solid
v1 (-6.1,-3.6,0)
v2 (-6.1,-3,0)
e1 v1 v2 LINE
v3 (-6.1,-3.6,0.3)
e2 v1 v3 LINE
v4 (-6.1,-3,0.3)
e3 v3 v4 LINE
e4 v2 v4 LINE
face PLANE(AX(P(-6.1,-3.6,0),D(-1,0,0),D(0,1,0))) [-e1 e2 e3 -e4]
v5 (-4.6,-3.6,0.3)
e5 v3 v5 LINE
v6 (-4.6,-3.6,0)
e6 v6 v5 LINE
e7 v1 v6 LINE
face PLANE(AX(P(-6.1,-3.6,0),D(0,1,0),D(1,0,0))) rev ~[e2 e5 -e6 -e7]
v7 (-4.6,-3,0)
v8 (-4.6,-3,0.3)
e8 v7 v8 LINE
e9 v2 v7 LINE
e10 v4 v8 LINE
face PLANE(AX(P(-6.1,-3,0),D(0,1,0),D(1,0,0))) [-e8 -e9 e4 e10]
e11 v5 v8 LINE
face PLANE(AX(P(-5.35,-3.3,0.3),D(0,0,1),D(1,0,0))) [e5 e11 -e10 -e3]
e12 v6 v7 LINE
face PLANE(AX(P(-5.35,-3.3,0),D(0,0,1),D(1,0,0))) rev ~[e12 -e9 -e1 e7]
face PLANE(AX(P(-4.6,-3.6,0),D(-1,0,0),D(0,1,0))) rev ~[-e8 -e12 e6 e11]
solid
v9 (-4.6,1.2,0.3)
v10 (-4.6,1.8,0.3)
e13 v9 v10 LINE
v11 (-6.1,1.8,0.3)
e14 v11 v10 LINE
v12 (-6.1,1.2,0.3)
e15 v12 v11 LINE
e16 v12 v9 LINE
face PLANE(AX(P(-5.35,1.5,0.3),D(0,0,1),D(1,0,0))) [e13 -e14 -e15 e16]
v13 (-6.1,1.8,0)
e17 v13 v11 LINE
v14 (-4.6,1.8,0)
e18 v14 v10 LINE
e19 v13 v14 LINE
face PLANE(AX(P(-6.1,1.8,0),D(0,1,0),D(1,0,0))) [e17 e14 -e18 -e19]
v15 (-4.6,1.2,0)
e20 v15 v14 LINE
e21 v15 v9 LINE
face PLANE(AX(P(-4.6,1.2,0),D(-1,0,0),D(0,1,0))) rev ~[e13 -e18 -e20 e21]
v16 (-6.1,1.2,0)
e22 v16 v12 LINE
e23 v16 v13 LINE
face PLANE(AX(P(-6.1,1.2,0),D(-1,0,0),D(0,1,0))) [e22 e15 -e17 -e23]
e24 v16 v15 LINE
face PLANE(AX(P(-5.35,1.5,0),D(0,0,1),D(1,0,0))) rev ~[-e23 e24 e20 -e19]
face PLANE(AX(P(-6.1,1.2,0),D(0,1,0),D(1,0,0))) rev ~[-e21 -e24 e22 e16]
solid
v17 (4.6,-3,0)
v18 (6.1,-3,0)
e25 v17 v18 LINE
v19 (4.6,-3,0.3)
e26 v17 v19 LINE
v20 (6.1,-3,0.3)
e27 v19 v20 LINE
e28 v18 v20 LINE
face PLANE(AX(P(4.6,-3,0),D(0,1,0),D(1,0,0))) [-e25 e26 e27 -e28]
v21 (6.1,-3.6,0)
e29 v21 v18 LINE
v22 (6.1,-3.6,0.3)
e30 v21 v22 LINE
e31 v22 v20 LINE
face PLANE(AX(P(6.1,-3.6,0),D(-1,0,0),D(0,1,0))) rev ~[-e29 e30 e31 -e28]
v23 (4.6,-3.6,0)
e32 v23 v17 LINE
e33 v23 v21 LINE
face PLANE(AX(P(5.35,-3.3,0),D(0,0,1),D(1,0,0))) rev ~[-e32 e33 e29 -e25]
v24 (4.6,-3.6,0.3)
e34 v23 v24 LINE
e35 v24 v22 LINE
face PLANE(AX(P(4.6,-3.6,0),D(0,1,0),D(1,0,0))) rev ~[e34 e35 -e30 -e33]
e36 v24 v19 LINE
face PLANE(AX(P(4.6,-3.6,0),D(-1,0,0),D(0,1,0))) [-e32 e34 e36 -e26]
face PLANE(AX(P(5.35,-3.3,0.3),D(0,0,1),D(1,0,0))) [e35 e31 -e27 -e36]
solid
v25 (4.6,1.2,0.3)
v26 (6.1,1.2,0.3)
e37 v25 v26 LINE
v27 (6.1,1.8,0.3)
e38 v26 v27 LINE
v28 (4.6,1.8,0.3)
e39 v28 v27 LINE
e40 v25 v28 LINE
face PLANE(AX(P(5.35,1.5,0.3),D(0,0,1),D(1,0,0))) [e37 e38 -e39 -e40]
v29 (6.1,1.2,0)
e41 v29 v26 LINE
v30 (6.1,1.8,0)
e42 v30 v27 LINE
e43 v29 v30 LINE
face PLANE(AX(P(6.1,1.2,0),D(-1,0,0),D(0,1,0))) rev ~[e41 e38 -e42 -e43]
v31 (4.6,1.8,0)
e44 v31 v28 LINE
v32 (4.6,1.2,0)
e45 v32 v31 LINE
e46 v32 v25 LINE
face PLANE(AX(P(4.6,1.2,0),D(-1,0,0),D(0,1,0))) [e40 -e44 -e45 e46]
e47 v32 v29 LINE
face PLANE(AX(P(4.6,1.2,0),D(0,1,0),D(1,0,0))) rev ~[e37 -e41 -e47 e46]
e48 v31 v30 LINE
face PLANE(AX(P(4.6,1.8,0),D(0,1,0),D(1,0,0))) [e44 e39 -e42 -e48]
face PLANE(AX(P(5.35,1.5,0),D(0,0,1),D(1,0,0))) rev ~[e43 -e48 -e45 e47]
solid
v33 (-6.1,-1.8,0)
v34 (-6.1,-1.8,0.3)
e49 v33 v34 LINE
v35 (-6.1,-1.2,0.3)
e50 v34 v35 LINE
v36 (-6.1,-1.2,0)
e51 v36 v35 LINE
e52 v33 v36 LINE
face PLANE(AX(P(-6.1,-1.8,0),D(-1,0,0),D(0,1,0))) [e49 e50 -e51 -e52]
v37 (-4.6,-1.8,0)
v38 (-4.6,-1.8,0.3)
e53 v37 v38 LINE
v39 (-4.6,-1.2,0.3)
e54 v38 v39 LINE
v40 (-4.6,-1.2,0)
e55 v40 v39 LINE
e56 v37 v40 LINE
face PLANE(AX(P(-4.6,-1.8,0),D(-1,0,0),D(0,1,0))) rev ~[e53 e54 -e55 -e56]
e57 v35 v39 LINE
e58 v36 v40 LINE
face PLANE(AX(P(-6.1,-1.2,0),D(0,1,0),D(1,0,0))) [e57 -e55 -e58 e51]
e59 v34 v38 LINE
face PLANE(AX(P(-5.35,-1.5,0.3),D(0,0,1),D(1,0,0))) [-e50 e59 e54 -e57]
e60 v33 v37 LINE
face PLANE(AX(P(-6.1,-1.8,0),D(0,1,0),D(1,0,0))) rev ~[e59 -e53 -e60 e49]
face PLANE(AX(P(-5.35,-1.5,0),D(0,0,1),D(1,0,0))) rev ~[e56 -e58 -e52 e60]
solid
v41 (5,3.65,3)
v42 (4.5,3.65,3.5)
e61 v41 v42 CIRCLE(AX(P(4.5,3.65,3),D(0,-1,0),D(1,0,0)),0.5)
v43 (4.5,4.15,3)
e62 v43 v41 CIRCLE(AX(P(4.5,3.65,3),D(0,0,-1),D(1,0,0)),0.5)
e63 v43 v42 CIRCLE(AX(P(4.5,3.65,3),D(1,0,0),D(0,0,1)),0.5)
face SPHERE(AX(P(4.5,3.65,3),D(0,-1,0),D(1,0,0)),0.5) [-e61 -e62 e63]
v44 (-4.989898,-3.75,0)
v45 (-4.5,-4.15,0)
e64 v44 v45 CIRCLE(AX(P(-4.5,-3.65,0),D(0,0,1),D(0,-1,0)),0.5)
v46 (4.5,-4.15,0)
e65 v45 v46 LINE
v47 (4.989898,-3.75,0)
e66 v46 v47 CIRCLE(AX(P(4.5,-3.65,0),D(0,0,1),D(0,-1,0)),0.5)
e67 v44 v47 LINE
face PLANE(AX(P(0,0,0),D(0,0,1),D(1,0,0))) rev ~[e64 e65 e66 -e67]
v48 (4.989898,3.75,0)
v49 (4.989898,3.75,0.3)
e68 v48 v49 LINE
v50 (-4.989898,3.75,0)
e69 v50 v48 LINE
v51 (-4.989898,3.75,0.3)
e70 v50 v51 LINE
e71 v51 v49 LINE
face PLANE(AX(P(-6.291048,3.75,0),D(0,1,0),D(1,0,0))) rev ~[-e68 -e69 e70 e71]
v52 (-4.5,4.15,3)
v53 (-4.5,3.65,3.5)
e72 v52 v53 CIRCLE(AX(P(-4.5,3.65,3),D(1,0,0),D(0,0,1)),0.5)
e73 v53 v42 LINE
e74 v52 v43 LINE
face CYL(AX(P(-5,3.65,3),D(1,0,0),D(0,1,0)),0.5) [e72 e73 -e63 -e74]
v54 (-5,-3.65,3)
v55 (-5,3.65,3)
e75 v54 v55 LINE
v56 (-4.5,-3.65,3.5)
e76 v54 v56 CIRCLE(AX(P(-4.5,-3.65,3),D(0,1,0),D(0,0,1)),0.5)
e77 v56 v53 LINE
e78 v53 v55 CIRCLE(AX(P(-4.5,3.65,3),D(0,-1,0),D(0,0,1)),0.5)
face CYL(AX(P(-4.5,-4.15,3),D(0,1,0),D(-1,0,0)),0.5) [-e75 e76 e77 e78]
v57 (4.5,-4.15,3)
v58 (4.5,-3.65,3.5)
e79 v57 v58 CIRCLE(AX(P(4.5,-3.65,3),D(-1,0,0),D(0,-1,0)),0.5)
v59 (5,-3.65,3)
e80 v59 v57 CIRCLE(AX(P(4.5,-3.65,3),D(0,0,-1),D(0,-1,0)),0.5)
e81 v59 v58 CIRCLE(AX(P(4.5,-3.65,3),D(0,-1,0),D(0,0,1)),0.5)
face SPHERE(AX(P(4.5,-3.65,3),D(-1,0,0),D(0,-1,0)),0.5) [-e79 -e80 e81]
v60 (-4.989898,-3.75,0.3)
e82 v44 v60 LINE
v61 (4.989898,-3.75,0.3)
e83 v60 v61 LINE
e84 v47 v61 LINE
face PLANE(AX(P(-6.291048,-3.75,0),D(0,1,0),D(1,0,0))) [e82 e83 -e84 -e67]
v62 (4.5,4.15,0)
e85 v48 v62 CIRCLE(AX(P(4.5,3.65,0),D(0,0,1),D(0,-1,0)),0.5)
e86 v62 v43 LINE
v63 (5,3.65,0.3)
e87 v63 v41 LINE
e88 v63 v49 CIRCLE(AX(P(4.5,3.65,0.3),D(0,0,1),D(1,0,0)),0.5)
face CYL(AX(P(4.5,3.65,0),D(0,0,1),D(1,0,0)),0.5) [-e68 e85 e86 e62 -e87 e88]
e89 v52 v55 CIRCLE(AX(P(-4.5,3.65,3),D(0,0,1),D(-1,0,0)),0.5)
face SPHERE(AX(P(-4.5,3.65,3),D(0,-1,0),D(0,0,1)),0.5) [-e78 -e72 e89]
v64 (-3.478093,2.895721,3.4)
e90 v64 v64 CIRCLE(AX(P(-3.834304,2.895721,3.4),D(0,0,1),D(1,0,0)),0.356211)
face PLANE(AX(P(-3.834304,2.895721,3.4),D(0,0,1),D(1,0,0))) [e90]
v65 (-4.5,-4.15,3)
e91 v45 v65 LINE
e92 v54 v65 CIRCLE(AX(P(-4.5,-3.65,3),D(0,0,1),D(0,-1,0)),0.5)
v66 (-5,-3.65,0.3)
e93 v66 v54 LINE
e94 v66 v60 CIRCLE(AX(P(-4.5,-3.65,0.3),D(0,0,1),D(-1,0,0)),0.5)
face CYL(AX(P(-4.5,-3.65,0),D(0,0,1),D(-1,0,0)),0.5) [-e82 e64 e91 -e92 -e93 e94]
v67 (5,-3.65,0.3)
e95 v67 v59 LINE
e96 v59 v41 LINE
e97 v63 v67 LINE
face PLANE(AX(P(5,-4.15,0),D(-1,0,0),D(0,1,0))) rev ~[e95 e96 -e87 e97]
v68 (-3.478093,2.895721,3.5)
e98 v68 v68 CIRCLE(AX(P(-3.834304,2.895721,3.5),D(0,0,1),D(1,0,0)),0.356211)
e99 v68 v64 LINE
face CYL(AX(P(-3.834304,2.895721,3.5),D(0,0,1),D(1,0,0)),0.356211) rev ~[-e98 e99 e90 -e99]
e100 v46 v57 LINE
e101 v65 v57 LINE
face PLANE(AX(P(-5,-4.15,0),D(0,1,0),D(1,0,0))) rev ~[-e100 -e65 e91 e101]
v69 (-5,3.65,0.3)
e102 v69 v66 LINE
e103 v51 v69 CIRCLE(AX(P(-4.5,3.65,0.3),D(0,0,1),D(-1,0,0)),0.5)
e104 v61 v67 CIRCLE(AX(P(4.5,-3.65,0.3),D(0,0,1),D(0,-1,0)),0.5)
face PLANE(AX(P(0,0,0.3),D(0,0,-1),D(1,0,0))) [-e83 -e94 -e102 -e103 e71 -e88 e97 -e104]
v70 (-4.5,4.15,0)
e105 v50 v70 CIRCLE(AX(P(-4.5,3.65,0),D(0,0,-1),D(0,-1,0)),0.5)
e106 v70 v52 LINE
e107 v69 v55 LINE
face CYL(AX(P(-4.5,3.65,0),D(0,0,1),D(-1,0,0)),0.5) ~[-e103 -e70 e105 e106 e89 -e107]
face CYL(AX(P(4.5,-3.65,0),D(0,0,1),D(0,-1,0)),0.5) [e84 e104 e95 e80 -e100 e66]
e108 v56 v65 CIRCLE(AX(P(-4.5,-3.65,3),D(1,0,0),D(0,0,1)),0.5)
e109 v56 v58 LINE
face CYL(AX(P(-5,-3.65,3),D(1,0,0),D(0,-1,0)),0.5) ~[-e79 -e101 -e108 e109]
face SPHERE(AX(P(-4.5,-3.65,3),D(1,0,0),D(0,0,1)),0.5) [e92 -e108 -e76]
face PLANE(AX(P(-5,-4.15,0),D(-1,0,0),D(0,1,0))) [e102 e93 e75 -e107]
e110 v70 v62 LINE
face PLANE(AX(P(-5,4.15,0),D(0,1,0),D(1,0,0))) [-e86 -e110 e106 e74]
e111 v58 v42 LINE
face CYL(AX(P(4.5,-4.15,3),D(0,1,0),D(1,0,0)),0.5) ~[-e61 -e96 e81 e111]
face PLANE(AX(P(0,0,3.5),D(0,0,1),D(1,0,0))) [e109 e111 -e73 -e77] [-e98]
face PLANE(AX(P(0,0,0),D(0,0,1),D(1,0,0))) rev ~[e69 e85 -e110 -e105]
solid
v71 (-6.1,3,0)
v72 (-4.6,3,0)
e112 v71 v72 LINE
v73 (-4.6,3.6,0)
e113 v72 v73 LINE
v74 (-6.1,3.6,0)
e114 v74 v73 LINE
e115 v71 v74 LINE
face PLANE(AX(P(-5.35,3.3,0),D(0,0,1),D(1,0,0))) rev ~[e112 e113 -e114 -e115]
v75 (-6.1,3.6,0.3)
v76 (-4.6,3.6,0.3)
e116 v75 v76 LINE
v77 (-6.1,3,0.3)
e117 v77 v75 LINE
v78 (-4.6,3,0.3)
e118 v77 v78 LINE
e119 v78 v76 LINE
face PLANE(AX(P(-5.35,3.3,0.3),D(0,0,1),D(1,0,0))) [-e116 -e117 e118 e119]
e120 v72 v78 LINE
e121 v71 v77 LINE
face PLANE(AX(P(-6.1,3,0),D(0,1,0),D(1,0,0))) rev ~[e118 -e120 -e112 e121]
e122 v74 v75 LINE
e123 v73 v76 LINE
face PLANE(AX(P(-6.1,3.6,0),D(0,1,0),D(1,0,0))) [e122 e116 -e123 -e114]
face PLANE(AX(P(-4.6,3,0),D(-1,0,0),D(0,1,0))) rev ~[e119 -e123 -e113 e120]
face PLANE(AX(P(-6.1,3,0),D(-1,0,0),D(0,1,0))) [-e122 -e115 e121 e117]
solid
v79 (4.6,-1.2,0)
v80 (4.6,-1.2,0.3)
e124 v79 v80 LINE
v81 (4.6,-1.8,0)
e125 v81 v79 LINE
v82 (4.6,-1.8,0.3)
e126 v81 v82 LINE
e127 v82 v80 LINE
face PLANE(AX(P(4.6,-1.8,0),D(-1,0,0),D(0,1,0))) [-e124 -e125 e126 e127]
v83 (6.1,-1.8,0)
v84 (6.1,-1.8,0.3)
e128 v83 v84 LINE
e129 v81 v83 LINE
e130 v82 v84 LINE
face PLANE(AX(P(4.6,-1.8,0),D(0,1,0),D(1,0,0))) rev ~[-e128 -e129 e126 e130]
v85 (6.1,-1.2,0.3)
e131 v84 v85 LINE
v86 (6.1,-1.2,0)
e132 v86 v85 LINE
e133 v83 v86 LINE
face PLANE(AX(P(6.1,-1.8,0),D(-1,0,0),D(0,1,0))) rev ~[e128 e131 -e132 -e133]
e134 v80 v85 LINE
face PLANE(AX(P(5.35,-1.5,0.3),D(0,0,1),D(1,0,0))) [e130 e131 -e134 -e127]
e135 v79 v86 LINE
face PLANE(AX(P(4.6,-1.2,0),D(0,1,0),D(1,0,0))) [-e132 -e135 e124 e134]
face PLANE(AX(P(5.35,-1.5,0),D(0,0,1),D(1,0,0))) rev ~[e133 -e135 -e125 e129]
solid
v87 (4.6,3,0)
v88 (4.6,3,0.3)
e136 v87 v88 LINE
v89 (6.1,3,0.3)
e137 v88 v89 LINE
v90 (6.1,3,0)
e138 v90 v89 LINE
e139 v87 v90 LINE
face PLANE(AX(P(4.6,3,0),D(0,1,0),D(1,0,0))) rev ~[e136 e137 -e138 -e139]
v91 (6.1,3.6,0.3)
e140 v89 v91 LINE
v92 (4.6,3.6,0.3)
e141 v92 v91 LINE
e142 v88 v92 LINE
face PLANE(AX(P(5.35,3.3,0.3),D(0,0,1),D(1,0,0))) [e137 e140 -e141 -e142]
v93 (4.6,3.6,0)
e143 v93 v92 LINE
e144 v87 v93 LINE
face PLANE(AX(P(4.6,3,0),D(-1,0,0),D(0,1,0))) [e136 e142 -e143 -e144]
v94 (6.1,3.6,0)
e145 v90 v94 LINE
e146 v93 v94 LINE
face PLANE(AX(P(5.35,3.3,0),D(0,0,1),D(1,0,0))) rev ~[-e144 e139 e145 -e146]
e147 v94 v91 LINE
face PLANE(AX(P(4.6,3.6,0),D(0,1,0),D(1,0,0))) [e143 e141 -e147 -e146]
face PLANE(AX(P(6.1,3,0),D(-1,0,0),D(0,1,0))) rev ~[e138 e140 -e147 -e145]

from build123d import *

# Parameters (mm, degrees)
SKETCH_W        = 10
SKETCH_H        = 8.3
PAD_DEPTH       = 3.5
FILLET_R        = 0.5
SKETCH002_W     = 12.582096
SKETCH002_H     = 7.5
POCKET_DEPTH    = 0.3
SKETCH003_R     = 0.356211
POCKET001_DEPTH = 0.1
SKETCH001_W     = 1.5
SKETCH001_H     = 0.6
PAD001_DEPTH    = 0.3


with BuildPart() as body:
    # Sketch → Pad (new body)
    with BuildSketch(Plane.XY):
        Rectangle(SKETCH_W, SKETCH_H)
    extrude(amount=PAD_DEPTH)

    # Fillet
    fillet_edges = [body.edges().sort_by_distance(p)[0] for p in [
        (0, -4.15, 3.5),
        (-5, 0, 3.5),
        (-5, -4.15, 1.75),
        (5, -4.15, 1.75),
        (5, 0, 3.5),
        (5, 4.15, 1.75),
        (0, 4.15, 3.5),
        (-5, 4.15, 1.75),
    ]]
    fillet(fillet_edges, radius=FILLET_R)

    # Sketch002 (on Face2 of Fillet) → Pocket (cut)
    with BuildSketch(Plane(origin=(0, 0, 0), x_dir=(1, 0, 0), z_dir=(0, 0, -1))):
        Rectangle(SKETCH002_W, SKETCH002_H)
    extrude(amount=-POCKET_DEPTH, mode=Mode.SUBTRACT)

    # Sketch003 → Pocket001 (cut)
    with BuildSketch(Plane.XY.offset(3.5)):
        with Locations((-3.834304, 2.895721)):
            Circle(SKETCH003_R)
    extrude(amount=-POCKET001_DEPTH, mode=Mode.SUBTRACT)


with BuildPart() as body001:
    # Sketch001 → Pad001 (new body)
    with BuildSketch(Plane.XY):
        with Locations((-5.35, 3.3)):
            Rectangle(SKETCH001_W, SKETCH001_H)
        with Locations((-5.35, 1.5)):
            Rectangle(SKETCH001_W, SKETCH001_H)
        with Locations((-5.35, -1.5)):
            Rectangle(SKETCH001_W, SKETCH001_H)
        with Locations((5.35, 3.3)):
            Rectangle(SKETCH001_W, SKETCH001_H)
        with Locations((5.35, 1.5)):
            Rectangle(SKETCH001_W, SKETCH001_H)
        with Locations((5.35, -1.5)):
            Rectangle(SKETCH001_W, SKETCH001_H)
        with Locations((5.35, -3.3)):
            Rectangle(SKETCH001_W, SKETCH001_H)
        with Locations((-5.35, -3.3)):
            Rectangle(SKETCH001_W, SKETCH001_H)
    extrude(amount=PAD001_DEPTH)


solid = Compound([body.part, body001.part])
